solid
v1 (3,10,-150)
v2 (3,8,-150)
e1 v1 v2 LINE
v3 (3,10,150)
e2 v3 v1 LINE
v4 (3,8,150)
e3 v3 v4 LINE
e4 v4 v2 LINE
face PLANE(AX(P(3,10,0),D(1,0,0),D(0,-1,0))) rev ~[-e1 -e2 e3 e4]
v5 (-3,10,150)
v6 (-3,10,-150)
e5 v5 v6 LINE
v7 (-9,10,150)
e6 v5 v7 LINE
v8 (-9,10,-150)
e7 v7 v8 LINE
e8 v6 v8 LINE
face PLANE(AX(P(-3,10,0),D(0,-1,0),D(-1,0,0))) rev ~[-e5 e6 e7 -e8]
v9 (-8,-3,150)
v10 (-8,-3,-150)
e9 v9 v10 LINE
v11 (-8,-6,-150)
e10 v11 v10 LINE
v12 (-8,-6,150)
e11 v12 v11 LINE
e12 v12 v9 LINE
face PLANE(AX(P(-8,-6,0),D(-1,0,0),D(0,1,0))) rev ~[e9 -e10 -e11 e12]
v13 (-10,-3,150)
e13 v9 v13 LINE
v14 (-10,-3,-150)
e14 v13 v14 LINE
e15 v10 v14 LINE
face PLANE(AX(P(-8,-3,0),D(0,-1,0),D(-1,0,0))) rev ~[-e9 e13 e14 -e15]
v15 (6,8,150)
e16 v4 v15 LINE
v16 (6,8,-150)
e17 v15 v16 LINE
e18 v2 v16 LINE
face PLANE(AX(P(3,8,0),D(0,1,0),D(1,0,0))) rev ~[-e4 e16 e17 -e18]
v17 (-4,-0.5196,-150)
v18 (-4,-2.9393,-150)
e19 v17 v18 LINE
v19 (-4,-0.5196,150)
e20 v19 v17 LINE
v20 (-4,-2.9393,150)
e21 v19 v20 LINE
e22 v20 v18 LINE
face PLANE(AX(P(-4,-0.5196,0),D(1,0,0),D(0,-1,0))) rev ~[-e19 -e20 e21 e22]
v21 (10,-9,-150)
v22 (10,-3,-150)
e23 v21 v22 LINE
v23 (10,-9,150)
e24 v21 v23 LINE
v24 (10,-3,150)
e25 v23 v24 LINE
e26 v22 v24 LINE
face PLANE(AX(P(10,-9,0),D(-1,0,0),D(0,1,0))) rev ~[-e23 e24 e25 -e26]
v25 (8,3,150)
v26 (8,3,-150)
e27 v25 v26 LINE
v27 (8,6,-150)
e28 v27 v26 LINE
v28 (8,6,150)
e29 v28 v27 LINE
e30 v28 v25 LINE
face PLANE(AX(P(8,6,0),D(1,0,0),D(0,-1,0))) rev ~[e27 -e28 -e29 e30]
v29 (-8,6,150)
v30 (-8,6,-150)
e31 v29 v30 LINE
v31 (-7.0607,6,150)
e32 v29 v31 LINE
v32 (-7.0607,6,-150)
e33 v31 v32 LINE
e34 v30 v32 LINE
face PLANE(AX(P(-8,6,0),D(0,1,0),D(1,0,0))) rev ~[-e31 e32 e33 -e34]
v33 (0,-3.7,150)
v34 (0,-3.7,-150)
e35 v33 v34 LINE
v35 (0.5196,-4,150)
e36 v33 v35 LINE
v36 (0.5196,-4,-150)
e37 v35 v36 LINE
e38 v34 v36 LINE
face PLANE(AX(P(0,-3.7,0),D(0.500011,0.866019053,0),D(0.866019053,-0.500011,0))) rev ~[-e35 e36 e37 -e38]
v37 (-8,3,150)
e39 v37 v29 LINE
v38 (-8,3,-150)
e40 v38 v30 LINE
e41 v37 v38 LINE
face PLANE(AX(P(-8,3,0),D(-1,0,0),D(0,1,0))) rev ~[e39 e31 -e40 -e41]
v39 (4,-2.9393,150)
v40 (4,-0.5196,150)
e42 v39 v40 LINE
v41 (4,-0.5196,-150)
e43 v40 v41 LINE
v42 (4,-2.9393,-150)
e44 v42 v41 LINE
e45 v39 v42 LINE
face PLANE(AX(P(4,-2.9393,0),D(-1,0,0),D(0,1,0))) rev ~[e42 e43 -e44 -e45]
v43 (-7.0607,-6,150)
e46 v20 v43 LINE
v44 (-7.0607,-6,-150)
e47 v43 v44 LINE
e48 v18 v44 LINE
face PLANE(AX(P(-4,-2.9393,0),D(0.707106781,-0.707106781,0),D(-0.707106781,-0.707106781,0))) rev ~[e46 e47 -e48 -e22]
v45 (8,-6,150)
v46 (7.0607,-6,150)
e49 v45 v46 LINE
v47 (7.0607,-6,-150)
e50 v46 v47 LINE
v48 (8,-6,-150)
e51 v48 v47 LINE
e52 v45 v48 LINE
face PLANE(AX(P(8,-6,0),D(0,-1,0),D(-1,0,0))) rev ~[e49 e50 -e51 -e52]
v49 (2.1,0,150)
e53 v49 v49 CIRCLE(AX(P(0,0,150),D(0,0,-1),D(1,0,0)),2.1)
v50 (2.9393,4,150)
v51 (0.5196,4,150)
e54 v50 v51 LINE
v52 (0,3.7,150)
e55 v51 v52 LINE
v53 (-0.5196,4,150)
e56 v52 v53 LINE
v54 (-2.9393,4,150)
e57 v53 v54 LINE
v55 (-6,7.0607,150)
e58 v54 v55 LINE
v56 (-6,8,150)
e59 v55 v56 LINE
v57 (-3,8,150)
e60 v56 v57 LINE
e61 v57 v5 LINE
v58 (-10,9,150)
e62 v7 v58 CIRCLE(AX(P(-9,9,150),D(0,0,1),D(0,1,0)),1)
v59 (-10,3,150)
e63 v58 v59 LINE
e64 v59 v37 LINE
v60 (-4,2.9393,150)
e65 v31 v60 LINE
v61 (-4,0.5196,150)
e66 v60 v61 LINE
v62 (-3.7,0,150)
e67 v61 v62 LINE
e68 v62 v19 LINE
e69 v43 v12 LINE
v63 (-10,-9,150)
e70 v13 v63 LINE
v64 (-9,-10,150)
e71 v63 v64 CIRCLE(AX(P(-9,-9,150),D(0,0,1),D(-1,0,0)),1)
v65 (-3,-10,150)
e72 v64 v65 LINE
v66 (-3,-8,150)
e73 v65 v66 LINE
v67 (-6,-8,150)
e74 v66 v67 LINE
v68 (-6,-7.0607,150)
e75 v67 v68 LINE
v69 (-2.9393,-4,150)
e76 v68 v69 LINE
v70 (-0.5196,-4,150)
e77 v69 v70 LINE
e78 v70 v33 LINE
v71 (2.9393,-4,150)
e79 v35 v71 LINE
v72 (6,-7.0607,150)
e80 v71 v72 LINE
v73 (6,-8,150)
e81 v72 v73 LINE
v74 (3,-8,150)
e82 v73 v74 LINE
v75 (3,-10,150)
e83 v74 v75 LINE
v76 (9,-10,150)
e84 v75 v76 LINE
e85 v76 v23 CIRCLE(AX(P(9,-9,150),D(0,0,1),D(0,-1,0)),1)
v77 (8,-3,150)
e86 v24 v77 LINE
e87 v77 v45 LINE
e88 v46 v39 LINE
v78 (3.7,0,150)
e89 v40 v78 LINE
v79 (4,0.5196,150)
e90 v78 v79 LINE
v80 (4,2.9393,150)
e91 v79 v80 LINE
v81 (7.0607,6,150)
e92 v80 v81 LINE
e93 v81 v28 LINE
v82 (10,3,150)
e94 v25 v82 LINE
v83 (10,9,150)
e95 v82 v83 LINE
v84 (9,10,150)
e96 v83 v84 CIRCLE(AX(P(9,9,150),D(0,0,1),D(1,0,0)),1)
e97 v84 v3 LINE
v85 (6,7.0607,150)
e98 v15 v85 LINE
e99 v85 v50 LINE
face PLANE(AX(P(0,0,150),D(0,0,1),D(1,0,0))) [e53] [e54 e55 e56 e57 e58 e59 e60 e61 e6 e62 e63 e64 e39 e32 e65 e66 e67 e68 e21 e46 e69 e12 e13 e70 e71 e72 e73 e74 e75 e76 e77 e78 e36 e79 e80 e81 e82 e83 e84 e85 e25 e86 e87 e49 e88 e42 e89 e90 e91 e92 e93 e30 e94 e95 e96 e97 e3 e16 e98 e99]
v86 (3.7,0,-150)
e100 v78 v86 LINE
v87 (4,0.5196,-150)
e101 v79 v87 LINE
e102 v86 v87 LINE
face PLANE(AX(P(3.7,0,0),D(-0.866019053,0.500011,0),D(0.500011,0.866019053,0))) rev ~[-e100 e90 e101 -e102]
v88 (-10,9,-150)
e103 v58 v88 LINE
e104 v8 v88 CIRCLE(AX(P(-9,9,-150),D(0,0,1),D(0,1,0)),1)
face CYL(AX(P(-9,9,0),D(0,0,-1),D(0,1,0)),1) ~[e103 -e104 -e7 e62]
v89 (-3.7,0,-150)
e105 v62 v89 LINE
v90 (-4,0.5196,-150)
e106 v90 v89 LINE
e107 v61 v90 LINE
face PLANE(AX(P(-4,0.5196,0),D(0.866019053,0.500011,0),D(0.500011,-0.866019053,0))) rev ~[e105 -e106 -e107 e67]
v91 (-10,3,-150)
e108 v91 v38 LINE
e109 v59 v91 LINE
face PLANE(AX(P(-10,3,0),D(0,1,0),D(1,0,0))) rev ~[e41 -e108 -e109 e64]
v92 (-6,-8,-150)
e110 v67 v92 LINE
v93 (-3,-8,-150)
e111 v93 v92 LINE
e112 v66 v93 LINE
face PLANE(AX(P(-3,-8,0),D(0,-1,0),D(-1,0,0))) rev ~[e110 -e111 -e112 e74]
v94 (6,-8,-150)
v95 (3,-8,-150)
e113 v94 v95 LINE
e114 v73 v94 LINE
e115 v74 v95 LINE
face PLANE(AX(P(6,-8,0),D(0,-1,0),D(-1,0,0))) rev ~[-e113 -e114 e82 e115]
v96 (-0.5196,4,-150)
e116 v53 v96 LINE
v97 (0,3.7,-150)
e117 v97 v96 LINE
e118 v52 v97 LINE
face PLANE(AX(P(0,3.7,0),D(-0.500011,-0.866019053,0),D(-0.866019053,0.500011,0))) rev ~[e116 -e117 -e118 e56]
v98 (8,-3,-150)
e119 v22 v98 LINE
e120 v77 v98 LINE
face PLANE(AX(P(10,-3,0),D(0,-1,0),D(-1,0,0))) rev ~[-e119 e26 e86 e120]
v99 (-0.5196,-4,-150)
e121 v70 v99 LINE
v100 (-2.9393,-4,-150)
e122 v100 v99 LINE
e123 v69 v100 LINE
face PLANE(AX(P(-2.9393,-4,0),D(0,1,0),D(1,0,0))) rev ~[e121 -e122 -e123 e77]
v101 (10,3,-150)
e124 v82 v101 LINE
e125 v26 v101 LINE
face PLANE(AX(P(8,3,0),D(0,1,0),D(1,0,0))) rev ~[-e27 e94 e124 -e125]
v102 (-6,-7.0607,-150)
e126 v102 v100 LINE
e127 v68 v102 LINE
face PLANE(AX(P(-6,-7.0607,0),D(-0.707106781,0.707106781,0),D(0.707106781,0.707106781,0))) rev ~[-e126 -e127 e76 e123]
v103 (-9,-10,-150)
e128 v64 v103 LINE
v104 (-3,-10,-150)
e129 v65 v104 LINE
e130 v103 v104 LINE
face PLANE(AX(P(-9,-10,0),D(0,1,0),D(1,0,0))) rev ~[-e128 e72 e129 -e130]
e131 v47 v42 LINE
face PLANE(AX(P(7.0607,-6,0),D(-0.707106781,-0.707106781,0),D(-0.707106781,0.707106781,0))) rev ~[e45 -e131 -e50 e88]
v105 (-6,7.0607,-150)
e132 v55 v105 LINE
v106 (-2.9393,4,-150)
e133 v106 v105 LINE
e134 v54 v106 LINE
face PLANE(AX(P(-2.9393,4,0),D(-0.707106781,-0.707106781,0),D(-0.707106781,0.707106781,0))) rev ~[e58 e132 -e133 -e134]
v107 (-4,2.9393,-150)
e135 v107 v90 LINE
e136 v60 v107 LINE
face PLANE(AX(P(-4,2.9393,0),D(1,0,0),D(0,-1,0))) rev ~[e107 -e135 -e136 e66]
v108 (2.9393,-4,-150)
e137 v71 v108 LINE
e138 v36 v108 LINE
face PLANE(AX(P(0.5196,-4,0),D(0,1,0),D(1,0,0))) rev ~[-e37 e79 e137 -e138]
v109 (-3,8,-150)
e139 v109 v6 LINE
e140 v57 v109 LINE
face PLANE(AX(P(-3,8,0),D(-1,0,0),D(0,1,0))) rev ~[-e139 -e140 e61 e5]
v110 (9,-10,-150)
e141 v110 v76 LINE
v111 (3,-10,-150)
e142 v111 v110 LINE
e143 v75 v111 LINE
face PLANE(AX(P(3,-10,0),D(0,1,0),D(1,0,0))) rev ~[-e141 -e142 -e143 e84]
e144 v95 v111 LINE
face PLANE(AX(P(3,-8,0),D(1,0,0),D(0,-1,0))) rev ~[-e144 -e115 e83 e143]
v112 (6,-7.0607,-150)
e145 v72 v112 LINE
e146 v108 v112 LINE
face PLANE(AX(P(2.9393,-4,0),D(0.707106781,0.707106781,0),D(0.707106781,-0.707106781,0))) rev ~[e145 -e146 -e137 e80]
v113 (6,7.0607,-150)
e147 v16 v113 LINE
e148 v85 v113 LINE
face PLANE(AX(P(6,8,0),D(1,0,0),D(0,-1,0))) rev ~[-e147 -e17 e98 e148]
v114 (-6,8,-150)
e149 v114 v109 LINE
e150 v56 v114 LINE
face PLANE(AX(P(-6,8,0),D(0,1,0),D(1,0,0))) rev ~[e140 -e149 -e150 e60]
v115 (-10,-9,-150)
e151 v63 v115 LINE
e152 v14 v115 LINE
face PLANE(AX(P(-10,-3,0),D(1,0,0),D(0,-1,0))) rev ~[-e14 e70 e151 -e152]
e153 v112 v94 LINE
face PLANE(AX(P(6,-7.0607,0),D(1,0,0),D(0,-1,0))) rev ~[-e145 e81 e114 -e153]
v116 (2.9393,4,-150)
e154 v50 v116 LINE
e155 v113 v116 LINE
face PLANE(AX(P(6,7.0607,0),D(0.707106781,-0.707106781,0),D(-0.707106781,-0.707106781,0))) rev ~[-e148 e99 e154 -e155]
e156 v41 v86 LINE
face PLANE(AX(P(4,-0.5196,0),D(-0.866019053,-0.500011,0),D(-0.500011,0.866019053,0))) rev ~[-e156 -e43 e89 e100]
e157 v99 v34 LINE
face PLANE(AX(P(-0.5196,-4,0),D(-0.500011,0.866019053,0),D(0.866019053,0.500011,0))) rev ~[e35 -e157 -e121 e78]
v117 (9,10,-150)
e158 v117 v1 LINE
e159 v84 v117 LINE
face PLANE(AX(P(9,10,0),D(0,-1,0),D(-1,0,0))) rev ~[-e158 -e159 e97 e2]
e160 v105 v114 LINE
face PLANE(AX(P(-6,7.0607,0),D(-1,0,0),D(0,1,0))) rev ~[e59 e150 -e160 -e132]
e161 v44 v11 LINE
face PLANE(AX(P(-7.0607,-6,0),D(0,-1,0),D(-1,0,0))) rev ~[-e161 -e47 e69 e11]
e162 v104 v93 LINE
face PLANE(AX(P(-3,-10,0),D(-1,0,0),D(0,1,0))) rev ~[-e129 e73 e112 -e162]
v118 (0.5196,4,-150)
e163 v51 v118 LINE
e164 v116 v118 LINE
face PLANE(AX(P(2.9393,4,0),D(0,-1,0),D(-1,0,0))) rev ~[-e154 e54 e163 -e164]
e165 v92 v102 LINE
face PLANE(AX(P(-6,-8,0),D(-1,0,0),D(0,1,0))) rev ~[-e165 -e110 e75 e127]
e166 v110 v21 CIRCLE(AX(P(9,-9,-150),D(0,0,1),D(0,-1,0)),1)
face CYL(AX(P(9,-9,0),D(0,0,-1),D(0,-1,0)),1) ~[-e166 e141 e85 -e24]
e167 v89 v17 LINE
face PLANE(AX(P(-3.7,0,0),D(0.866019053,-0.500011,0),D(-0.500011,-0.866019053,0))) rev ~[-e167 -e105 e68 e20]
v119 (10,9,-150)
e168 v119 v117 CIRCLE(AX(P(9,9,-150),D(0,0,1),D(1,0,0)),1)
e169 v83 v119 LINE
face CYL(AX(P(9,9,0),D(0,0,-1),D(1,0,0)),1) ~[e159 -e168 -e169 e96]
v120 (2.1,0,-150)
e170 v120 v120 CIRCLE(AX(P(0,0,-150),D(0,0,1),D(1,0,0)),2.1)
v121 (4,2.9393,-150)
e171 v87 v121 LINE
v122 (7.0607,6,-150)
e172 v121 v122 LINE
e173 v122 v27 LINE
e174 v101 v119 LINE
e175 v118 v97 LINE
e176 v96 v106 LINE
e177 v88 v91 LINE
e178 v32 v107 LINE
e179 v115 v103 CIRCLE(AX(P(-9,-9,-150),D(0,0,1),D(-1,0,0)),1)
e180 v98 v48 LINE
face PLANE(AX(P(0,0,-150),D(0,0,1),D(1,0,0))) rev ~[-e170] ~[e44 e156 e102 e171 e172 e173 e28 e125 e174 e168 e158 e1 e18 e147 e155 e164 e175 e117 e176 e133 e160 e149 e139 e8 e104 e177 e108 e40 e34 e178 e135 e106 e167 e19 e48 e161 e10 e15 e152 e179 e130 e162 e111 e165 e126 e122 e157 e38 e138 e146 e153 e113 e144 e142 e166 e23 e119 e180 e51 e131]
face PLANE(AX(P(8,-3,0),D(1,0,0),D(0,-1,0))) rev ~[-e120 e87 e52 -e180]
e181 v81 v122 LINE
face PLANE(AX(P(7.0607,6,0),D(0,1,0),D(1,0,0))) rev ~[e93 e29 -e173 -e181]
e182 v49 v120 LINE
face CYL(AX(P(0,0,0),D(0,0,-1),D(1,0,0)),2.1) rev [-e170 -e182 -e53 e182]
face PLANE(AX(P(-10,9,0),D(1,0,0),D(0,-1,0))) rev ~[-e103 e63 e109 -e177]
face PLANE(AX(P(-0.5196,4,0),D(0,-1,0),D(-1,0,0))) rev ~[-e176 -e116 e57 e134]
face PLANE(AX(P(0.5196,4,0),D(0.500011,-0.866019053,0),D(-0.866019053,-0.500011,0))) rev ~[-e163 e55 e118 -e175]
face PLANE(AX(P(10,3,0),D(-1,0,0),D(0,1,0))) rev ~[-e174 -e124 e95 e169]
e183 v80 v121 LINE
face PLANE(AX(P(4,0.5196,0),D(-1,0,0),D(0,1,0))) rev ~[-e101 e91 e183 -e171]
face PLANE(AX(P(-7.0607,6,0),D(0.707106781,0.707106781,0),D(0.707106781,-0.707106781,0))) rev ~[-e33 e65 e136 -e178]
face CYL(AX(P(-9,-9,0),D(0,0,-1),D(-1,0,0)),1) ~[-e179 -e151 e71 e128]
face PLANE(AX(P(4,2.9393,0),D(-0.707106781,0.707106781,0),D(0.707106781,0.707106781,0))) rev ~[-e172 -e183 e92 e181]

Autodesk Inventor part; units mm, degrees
ref_plane "YZ Plane" through (0, 0, 0) normal (1, 0, 0) x (0, 1, 0)
ref_plane "XZ Plane" through (0, 0, 0) normal (0, 1, 0) x (-1, 0, 0)
ref_plane "XY Plane" through (0, 0, 0) normal (0, 0, 1) x (1, 0, 0)
sketch "Sketch1" plane through (0, 0, 0) normal (0, 0, 1) x (1, 0, 0)
  line L0 (-2.205, 0) -> (2.205, 0)
  line L1 (0, -2.205) -> (0, 2.205)
  arc A0 (9, -10) -> (10, -9) centre (9, -9) ccw
  line L2 (-10, 9) -> (-10, 3)
  line L3 (-10, 3) -> (-8, 3)
  line L4 (-8, 3) -> (-8, 6)
  line L5 (-8, 6) -> (-7.0607, 6)
  line L6 (-7.0607, 6) -> (-4, 2.9393)
  line L7 (-4, 2.9393) -> (-4, 0.5196)
  line L8 (-4, 0.5196) -> (-3.7, 0)
  line L9 (-3.7, 0) -> (-4, -0.5196)
  line L10 (-4, -0.5196) -> (-4, -2.9393)
  line L11 (-4, -2.9393) -> (-7.0607, -6)
  line L12 (-7.0607, -6) -> (-8, -6)
  line L13 (-8, -6) -> (-8, -3)
  line L14 (-8, -3) -> (-10, -3)
  line L15 (-10, -3) -> (-10, -9)
  arc A1 (-10, -9) -> (-9, -10) centre (-9, -9) ccw
  line L16 (-9, -10) -> (-3, -10)
  line L17 (-3, -10) -> (-3, -8)
  line L18 (-3, -8) -> (-6, -8)
  line L19 (-6, -7.0607) -> (-2.9393, -4)
  line L20 (-2.9393, -4) -> (-0.5196, -4)
  line L21 (-0.5196, -4) -> (0, -3.7)
  line L22 (0, -3.7) -> (0.5196, -4)
  line L23 (0.5196, -4) -> (2.9393, -4)
  line L24 (2.9393, -4) -> (6, -7.0607)
  line L25 (6, -7.0607) -> (6, -8)
  line L26 (6, -8) -> (3, -8)
  line L27 (3, -8) -> (3, -10)
  line L28 (3, -10) -> (9, -10)
  line L29 (10, -9) -> (10, -3)
  line L30 (10, -3) -> (8, -3)
  line L31 (8, -3) -> (8, -6)
  line L32 (8, -6) -> (7.0607, -6)
  line L33 (7.0607, -6) -> (4, -2.9393)
  line L34 (4, -2.9393) -> (4, -0.5196)
  line L35 (4, -0.5196) -> (3.7, 0)
  line L36 (3.7, 0) -> (4, 0.5196)
  line L37 (4, 0.5196) -> (4, 2.9393)
  line L38 (4, 2.9393) -> (7.0607, 6)
  line L39 (7.0607, 6) -> (8, 6)
  line L40 (8, 6) -> (8, 3)
  line L41 (8, 3) -> (10, 3)
  line L42 (10, 3) -> (10, 9)
  arc A2 (10, 9) -> (9, 10) centre (9, 9) ccw
  line L43 (9, 10) -> (3, 10)
  line L44 (3, 10) -> (3, 8)
  line L45 (3, 8) -> (6, 8)
  line L46 (6, 8) -> (6, 7.0607)
  line L47 (6, 7.0607) -> (2.9393, 4)
  line L48 (2.9393, 4) -> (0.5196, 4)
  line L49 (0.5196, 4) -> (0, 3.7)
  line L50 (0, 3.7) -> (-0.5196, 4)
  line L51 (-0.5196, 4) -> (-2.9393, 4)
  line L52 (-2.9393, 4) -> (-6, 7.0607)
  line L53 (-6, 7.0607) -> (-6, 8)
  line L54 (-6, 8) -> (-3, 8)
  line L55 (-3, 8) -> (-3, 10)
  line L56 (-3, 10) -> (-9, 10)
  arc A3 (-9, 10) -> (-10, 9) centre (-9, 9) ccw
  circle A4 centre (0, 0) radius 2.1
  line L57 (-6, -8) -> (-6, -7.0607)
extrude "Extrusion1" add sketch "Sketch1" along normal mid plane 300
equation "\"d0\" = width"
equation "\"width\" = 300"
properties part number "HFS5-2020" material "Aluminum 6061"
